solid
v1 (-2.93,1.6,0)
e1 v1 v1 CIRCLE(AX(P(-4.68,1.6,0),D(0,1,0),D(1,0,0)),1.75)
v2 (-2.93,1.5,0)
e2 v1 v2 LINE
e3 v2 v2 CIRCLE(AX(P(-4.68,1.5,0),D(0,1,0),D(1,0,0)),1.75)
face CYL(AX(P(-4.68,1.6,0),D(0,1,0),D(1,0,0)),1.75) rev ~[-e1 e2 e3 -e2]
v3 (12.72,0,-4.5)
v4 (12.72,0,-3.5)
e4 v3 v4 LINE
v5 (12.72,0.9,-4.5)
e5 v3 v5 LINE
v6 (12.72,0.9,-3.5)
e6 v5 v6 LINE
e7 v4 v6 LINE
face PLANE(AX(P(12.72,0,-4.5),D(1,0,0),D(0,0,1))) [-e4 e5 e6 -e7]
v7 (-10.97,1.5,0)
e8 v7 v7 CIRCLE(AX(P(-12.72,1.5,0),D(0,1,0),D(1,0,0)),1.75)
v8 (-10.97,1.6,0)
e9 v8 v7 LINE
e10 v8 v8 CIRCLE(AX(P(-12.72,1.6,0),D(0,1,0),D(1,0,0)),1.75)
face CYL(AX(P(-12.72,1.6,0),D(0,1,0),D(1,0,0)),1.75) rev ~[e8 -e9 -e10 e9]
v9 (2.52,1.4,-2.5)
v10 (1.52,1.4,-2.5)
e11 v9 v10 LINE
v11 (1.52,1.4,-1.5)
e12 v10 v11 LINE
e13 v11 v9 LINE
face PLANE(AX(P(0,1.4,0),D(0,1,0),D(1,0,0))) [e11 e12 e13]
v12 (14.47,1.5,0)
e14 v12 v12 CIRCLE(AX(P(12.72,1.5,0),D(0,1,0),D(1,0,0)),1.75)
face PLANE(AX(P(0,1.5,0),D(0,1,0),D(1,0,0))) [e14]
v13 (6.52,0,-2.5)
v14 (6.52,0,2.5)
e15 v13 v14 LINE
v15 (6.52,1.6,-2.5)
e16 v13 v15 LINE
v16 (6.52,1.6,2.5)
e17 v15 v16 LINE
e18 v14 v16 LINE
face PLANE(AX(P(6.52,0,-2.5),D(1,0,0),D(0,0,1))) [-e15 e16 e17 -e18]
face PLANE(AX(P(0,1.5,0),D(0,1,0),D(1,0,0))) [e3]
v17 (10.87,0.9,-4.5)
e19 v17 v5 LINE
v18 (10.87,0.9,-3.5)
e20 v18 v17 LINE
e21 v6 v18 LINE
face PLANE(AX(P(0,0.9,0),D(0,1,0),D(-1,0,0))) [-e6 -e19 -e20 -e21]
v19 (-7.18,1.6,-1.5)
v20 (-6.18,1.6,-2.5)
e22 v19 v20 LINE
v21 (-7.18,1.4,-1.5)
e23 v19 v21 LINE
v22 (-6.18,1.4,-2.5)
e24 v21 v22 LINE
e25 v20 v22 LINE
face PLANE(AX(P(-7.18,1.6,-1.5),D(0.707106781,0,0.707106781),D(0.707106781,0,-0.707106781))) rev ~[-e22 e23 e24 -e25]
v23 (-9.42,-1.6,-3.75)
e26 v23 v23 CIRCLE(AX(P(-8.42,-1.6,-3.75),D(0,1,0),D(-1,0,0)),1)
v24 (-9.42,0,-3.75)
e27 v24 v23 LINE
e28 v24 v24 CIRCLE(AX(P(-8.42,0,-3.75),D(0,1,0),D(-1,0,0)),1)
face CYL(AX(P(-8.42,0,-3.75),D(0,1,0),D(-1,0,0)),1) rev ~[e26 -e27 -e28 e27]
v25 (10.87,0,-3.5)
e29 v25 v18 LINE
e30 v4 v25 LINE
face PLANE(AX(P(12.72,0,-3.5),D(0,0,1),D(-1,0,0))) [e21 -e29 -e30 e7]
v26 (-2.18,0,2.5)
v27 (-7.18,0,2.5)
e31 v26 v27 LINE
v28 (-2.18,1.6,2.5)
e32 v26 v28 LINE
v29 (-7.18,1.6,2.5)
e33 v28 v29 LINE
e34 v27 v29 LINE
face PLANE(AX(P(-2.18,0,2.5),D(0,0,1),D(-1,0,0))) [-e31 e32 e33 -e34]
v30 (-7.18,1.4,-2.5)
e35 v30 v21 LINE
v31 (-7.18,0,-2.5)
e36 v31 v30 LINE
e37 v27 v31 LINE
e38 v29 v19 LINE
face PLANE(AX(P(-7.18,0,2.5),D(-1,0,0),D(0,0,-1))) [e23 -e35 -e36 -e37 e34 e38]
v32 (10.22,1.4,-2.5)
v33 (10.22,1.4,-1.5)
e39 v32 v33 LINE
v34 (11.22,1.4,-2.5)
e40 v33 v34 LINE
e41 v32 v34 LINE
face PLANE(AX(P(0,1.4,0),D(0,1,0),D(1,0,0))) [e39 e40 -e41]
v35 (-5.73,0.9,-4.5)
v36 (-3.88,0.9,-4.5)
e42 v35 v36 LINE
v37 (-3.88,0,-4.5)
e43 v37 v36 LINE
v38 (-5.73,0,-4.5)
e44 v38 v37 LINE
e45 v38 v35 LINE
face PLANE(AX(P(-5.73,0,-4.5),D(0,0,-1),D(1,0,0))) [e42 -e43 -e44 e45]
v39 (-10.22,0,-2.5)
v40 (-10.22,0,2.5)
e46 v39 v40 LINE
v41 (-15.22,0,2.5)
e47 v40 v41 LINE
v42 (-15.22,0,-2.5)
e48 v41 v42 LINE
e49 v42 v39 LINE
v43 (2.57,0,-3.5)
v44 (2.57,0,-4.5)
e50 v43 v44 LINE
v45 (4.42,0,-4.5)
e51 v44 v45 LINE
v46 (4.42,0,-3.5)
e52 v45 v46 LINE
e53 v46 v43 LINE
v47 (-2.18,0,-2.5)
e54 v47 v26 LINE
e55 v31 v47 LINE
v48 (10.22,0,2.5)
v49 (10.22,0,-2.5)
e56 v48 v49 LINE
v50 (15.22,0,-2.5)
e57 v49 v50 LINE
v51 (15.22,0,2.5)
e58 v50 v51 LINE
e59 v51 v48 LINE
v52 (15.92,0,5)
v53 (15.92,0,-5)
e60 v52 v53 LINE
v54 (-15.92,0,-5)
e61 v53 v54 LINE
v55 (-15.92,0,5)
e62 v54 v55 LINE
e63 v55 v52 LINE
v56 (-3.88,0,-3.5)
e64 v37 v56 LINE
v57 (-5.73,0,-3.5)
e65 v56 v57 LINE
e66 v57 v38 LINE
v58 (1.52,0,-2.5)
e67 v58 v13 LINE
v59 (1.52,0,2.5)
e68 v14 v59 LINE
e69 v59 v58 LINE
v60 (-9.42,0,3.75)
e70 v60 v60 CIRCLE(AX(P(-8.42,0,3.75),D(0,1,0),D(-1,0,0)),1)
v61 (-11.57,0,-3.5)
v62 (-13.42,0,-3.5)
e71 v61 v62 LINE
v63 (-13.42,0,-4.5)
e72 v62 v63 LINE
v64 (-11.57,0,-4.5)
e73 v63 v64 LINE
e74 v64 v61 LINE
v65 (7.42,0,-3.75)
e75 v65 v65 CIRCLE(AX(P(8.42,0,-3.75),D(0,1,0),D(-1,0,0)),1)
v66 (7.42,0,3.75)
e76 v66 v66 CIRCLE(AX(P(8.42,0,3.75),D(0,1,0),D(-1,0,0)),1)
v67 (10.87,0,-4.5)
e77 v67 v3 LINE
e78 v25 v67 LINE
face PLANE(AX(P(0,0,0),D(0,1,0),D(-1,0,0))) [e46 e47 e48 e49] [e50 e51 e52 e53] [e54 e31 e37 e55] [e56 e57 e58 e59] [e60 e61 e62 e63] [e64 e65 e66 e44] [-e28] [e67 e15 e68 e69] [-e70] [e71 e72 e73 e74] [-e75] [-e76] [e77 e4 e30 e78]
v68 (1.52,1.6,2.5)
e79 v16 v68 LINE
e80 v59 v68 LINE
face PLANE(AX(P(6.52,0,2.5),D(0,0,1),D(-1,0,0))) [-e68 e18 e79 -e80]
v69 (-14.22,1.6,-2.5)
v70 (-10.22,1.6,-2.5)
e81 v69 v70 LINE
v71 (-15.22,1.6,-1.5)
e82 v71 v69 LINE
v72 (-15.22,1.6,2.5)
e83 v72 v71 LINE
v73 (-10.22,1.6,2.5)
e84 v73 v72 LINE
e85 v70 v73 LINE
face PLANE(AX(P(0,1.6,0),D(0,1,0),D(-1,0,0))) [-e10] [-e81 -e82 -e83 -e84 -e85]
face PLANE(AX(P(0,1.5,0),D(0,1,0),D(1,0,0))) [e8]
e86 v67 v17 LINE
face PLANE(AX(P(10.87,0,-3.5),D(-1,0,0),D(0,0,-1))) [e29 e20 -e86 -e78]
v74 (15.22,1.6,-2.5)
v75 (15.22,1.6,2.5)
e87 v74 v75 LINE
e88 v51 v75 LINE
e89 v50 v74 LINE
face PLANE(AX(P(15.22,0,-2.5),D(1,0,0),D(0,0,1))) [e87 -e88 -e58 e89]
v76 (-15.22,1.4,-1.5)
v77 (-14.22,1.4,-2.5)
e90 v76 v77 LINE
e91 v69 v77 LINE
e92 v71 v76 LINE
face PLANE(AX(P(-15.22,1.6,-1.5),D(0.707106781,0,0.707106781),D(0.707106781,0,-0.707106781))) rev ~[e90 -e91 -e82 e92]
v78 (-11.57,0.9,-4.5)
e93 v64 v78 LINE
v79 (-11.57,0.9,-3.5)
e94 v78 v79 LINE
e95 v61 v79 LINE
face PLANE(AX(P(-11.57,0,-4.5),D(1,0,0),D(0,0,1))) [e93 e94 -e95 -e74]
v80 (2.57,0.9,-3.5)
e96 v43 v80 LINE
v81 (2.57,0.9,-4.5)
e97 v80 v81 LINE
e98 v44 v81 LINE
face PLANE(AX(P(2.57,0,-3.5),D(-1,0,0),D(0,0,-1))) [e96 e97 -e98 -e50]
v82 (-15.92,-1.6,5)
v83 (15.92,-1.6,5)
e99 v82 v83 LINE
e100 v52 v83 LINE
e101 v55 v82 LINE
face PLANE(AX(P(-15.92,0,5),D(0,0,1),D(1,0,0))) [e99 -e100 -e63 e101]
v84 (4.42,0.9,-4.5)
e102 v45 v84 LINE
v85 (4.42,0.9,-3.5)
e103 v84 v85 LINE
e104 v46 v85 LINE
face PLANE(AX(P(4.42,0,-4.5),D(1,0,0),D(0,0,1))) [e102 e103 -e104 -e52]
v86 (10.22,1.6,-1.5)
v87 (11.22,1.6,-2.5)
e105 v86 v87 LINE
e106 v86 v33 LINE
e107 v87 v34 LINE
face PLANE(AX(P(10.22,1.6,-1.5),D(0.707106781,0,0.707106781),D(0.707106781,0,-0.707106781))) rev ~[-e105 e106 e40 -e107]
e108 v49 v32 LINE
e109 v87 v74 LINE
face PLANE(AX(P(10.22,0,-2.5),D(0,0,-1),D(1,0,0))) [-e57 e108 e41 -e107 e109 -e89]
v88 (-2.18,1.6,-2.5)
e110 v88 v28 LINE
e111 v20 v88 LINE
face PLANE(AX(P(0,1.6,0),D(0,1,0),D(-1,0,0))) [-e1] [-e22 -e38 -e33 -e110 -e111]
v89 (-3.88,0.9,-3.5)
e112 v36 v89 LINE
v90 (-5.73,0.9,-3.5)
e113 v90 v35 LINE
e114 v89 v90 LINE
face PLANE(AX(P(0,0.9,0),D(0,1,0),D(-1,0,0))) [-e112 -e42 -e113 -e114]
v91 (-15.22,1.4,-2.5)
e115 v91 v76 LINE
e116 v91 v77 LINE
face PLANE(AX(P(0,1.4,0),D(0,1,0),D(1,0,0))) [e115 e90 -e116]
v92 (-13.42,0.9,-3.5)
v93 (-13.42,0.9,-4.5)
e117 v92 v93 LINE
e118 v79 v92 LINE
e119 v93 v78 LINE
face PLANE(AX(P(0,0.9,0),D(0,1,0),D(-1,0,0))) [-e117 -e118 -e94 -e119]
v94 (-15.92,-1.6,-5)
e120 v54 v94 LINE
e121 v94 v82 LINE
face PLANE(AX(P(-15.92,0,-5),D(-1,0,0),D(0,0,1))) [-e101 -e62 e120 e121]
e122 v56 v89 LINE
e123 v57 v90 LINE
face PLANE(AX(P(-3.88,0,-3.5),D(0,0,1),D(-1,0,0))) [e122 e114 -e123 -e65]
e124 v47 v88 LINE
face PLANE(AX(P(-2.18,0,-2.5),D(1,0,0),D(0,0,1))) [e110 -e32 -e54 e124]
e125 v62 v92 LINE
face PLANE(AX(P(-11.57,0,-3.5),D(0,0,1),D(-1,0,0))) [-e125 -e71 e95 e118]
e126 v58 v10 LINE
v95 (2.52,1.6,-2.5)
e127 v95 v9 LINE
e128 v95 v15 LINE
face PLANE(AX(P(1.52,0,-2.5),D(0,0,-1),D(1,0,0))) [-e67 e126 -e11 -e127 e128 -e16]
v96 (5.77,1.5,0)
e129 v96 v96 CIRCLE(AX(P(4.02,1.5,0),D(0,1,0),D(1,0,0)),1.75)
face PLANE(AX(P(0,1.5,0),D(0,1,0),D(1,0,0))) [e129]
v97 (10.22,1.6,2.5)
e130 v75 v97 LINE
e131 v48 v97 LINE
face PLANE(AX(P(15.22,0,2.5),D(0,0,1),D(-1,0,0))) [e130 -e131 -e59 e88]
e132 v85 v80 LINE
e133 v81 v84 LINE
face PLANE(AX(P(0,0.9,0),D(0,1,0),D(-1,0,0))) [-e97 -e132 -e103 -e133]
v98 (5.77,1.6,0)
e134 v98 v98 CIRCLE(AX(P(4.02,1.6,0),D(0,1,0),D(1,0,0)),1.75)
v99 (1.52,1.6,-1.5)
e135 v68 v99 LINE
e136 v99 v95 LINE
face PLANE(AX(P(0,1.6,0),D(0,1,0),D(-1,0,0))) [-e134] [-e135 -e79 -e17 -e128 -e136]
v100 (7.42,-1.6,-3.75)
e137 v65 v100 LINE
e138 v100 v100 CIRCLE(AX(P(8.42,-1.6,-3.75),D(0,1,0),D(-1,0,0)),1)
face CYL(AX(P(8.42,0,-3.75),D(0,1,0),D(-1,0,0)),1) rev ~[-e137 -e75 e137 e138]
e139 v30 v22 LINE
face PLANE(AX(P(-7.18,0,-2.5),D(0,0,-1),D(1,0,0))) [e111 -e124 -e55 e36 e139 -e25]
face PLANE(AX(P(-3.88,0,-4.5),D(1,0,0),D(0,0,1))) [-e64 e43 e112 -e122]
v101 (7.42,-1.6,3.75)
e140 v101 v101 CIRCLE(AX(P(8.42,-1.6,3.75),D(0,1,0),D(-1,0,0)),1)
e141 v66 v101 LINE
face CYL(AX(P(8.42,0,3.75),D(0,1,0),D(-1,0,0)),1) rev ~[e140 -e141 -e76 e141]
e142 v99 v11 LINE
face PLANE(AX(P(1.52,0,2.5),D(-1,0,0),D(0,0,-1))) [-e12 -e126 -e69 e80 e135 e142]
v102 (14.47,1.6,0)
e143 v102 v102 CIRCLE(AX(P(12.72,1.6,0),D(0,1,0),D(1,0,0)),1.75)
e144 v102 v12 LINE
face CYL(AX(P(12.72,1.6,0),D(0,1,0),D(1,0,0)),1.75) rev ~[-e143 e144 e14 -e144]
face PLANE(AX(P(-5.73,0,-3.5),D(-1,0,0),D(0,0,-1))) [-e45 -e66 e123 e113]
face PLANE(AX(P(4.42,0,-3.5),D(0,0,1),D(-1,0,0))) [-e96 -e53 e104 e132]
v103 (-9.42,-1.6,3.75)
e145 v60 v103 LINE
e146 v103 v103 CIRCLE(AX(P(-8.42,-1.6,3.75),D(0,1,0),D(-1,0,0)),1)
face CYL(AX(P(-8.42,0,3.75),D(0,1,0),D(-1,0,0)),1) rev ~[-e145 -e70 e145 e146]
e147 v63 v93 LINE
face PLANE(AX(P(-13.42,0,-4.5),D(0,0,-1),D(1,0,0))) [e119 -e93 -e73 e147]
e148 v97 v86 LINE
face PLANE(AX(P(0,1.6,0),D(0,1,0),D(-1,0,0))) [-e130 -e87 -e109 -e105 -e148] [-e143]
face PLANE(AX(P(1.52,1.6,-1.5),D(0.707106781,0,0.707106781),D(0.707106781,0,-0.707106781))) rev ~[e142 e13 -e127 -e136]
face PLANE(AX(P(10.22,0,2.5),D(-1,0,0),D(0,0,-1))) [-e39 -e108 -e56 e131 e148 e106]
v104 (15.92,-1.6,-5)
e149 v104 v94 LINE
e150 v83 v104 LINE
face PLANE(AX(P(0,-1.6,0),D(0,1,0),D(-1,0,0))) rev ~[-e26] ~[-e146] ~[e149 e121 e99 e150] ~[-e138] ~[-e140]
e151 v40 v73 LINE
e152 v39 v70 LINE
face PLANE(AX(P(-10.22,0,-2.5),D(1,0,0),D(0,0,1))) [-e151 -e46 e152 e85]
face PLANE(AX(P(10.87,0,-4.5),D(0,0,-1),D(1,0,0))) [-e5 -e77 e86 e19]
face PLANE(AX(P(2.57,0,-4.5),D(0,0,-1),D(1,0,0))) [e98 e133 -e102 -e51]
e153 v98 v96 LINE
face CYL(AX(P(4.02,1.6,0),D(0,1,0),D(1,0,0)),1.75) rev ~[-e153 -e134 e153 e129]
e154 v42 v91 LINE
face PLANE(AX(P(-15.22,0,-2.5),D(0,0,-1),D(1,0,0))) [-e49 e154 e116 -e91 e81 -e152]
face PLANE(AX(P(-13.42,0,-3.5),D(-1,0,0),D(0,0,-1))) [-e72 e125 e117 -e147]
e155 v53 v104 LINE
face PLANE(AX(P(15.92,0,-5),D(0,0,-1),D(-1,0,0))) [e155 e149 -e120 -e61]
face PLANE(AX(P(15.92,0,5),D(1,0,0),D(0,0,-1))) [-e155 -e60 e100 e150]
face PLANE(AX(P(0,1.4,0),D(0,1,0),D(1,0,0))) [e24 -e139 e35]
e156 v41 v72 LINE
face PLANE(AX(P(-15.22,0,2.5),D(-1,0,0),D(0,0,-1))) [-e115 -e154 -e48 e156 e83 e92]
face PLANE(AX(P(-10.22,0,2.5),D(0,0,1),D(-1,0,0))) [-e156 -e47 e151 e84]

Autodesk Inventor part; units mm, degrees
ref_plane "YZ Plane" through (0, 0, 0) normal (1, 0, 0) x (0, 1, 0)
ref_plane "XZ Plane" through (0, 0, 0) normal (0, 1, 0) x (-1, 0, 0)
sketch "Sketch1" plane through (0, 0, 0) normal (0, 1, 0) x (-1, 0, 0)
  line L0 (15.92, 5) -> (-15.92, 5)
  line L1 (-15.92, 5) -> (-15.92, -5)
  line L2 (-15.92, -5) -> (15.92, -5)
  line L3 (15.92, -5) -> (15.92, 5)
  line L4 (15.92, 5) -> (-15.92, -5) construction
  line L5 (-15.92, 5) -> (15.92, -5) construction
  line L6 (-10.87, -4.5) -> (-12.72, -4.5)
  line L7 (-12.72, -4.5) -> (-12.72, -3.5)
  line L8 (-12.72, -3.5) -> (-10.87, -3.5)
  line L9 (-10.87, -3.5) -> (-10.87, -4.5)
  circle A0 centre (-8.42, -3.75) radius 1
  line L10 (15.92, 0) -> (-15.92, 0) construction
  line L11 (0, -5) -> (0, 5) construction
  circle A1 centre (-8.42, 3.75) radius 1
  line L12 (-10.22, -2.5) -> (-15.22, -2.5)
  line L13 (-15.22, -2.5) -> (-15.22, 2.5)
  line L14 (-15.22, 2.5) -> (-10.22, 2.5)
  line L15 (-10.22, 2.5) -> (-10.22, -2.5)
  line L16 (-1.52, -2.5) -> (-6.52, -2.5)
  line L17 (-6.52, -2.5) -> (-6.52, 2.5)
  line L18 (-6.52, 2.5) -> (-1.52, 2.5)
  line L19 (-1.52, 2.5) -> (-1.52, -2.5)
  line L20 (7.18, -2.5) -> (2.18, -2.5)
  line L21 (2.18, -2.5) -> (2.18, 2.5)
  line L22 (2.18, 2.5) -> (7.18, 2.5)
  line L23 (7.18, 2.5) -> (7.18, -2.5)
  line L24 (15.22, -2.5) -> (10.22, -2.5)
  line L25 (10.22, -2.5) -> (10.22, 2.5)
  line L26 (10.22, 2.5) -> (15.22, 2.5)
  line L27 (15.22, 2.5) -> (15.22, -2.5)
  circle A2 centre (8.42, -3.75) radius 1
  circle A3 centre (8.42, 3.75) radius 1
  line L28 (-2.57, -4.5) -> (-4.42, -4.5)
  line L29 (-4.42, -4.5) -> (-4.42, -3.5)
  line L30 (-4.42, -3.5) -> (-2.57, -3.5)
  line L31 (-2.57, -3.5) -> (-2.57, -4.5)
  line L32 (5.73, -4.5) -> (3.88, -4.5)
  line L33 (3.88, -4.5) -> (3.88, -3.5)
  line L34 (3.88, -3.5) -> (5.73, -3.5)
  line L35 (5.73, -3.5) -> (5.73, -4.5)
  line L36 (13.42, -4.5) -> (11.57, -4.5)
  line L37 (11.57, -4.5) -> (11.57, -3.5)
  line L38 (11.57, -3.5) -> (13.42, -3.5)
  line L39 (13.42, -3.5) -> (13.42, -4.5)
  point P0 (0, 0)
  dimension "d0" = 31.84
  dimension "d1" = 10
  dimension "d2" = 1.85
  dimension "d3" = 1
  dimension "d4" = 7.5
  dimension "d5" = 7.5
  dimension "d6" = 2
  dimension "d7" = 3.2
  dimension "d8" = 0.5
  dimension "d9" = 5
  dimension "d10" = 0.7
  dimension "d11" = 3.7
  dimension "d12" = 0.7
  dimension "d14" = 6.45
  dimension "d15" = 6.45
  dimension "d16" = 2.5
  dimension "d18" = 3.7
extrude "Extrusion1" add sketch "Sketch1" against normal blind 1.6 contours L3 L2 L1 L0 | L6 L7 L8 L9 | L12 L13 L14 L15 | L16 L17 L18 L19 | L20 L21 L22 L23 | L24 L25 L26 L27 | L28 L29 L30 L31 | L32 L33 L34 L35 | L36 L37 L38 L39
extrude "Extrusion2" add sketch "Sketch1" along normal blind 1.6 contours L12 L13 L14 L15 | L16 L17 L18 L19 | L20 L21 L22 L23 | L24 L25 L26 L27
extrude "Extrusion3" add sketch "Sketch1" along normal blind 0.9 contours L6 L7 L8 L9 | L28 L29 L30 L31 | L32 L33 L34 L35 | L36 L37 L38 L39
sketch "Sketch2" plane through (0, 1.6, 0) normal (0, 1, 0) x (1, 0, 0)
  line L0 (-10.22, 2.5) -> (-15.22, 2.5) construction
  line L1 (-15.22, 2.5) -> (-15.22, -2.5) construction
  line L2 (-15.22, -2.5) -> (-10.22, -2.5) construction
  line L3 (-10.22, -2.5) -> (-10.22, 2.5) construction
  line L4 (-7.18, 2.5) -> (-7.18, -2.5) construction
  line L5 (-7.18, -2.5) -> (-2.18, -2.5) construction
  line L6 (-2.18, -2.5) -> (-2.18, 2.5) construction
  line L7 (-2.18, 2.5) -> (-7.18, 2.5) construction
  line L8 (6.52, 2.5) -> (1.52, 2.5) construction
  line L9 (1.52, 2.5) -> (1.52, -2.5) construction
  line L10 (1.52, -2.5) -> (6.52, -2.5) construction
  line L11 (6.52, -2.5) -> (6.52, 2.5) construction
  line L12 (10.22, 2.5) -> (10.22, -2.5) construction
  line L13 (10.22, -2.5) -> (15.22, -2.5) construction
  line L14 (15.22, -2.5) -> (15.22, 2.5) construction
  line L15 (15.22, 2.5) -> (10.22, 2.5) construction
  circle A0 centre (-12.72, 0) radius 1.75
  circle A1 centre (-4.68, 0) radius 1.75
  circle A2 centre (4.02, 0) radius 1.75
  circle A3 centre (12.72, 0) radius 1.75
  line L16 (-15.22, -2.5) -> (-15.22, 2.5) construction
  line L17 (-15.22, 1.5) -> (-14.22, 2.5)
  line L18 (-15.22, 2.5) -> (-10.22, 2.5) construction
  line L19 (-15.22, 2.5) -> (-15.22, 1.5)
  line L20 (-15.22, 2.5) -> (-14.22, 2.5)
  line L21 (-7.18, 2.5) -> (-7.18, 1.5)
  line L22 (-7.18, -2.5) -> (-7.18, 2.5) construction
  line L23 (-7.18, 2.5) -> (-2.18, 2.5) construction
  line L24 (-7.18, 2.5) -> (-6.18, 2.5)
  line L25 (-7.18, 1.5) -> (-6.18, 2.5)
  line L26 (1.52, 2.5) -> (1.52, 1.5)
  line L27 (1.52, 1.5) -> (2.52, 2.5)
  line L28 (1.52, -2.5) -> (1.52, 2.5) construction
  line L29 (2.52, 2.5) -> (1.52, 2.5)
  line L30 (10.22, 2.5) -> (10.22, 1.5)
  line L31 (10.22, -2.5) -> (10.22, 2.5) construction
  line L32 (10.22, 2.5) -> (15.22, 2.5) construction
  line L33 (10.22, 2.5) -> (11.22, 2.5)
  line L34 (10.22, 1.5) -> (11.22, 2.5)
  point P0 (0, 0)
  dimension "d25" = 3.5
  dimension "d26" = 45
  dimension "d27" = 1
extrude "Extrusion4" cut sketch "Sketch2" against normal blind 0.2 contours L19 L20 L17 | L24 L25 L21 | L29 L27 L26 | L33 L34 L30
extrude "Extrusion5" cut sketch "Sketch2" against normal blind 0.8 contours A0 | A1 | A2 | A3
ref_plane "Work Plane1" through (0, 1.5, 0) normal (0, 1, 0) x (1, 0, 0)
sketch "Sketch3" plane through (0, 1.5, 0) normal (0, 1, 0) x (1, 0, 0)
  circle A0 centre (-12.72, 0) radius 1.75 projected
  circle A1 centre (-4.68, 0) radius 1.75 projected
  circle A2 centre (4.02, 0) radius 1.75 projected
  circle A3 centre (12.72, 0) radius 1.75 projected
  point P0 (0, 0)
extrude "Extrusion7" add sketch "Sketch3" against normal up to next
equation "\"d12\" = d10"
equation "\"d15\" = d14"
equation "\"d18\" = d11"
properties part number "LED WS2812B"
